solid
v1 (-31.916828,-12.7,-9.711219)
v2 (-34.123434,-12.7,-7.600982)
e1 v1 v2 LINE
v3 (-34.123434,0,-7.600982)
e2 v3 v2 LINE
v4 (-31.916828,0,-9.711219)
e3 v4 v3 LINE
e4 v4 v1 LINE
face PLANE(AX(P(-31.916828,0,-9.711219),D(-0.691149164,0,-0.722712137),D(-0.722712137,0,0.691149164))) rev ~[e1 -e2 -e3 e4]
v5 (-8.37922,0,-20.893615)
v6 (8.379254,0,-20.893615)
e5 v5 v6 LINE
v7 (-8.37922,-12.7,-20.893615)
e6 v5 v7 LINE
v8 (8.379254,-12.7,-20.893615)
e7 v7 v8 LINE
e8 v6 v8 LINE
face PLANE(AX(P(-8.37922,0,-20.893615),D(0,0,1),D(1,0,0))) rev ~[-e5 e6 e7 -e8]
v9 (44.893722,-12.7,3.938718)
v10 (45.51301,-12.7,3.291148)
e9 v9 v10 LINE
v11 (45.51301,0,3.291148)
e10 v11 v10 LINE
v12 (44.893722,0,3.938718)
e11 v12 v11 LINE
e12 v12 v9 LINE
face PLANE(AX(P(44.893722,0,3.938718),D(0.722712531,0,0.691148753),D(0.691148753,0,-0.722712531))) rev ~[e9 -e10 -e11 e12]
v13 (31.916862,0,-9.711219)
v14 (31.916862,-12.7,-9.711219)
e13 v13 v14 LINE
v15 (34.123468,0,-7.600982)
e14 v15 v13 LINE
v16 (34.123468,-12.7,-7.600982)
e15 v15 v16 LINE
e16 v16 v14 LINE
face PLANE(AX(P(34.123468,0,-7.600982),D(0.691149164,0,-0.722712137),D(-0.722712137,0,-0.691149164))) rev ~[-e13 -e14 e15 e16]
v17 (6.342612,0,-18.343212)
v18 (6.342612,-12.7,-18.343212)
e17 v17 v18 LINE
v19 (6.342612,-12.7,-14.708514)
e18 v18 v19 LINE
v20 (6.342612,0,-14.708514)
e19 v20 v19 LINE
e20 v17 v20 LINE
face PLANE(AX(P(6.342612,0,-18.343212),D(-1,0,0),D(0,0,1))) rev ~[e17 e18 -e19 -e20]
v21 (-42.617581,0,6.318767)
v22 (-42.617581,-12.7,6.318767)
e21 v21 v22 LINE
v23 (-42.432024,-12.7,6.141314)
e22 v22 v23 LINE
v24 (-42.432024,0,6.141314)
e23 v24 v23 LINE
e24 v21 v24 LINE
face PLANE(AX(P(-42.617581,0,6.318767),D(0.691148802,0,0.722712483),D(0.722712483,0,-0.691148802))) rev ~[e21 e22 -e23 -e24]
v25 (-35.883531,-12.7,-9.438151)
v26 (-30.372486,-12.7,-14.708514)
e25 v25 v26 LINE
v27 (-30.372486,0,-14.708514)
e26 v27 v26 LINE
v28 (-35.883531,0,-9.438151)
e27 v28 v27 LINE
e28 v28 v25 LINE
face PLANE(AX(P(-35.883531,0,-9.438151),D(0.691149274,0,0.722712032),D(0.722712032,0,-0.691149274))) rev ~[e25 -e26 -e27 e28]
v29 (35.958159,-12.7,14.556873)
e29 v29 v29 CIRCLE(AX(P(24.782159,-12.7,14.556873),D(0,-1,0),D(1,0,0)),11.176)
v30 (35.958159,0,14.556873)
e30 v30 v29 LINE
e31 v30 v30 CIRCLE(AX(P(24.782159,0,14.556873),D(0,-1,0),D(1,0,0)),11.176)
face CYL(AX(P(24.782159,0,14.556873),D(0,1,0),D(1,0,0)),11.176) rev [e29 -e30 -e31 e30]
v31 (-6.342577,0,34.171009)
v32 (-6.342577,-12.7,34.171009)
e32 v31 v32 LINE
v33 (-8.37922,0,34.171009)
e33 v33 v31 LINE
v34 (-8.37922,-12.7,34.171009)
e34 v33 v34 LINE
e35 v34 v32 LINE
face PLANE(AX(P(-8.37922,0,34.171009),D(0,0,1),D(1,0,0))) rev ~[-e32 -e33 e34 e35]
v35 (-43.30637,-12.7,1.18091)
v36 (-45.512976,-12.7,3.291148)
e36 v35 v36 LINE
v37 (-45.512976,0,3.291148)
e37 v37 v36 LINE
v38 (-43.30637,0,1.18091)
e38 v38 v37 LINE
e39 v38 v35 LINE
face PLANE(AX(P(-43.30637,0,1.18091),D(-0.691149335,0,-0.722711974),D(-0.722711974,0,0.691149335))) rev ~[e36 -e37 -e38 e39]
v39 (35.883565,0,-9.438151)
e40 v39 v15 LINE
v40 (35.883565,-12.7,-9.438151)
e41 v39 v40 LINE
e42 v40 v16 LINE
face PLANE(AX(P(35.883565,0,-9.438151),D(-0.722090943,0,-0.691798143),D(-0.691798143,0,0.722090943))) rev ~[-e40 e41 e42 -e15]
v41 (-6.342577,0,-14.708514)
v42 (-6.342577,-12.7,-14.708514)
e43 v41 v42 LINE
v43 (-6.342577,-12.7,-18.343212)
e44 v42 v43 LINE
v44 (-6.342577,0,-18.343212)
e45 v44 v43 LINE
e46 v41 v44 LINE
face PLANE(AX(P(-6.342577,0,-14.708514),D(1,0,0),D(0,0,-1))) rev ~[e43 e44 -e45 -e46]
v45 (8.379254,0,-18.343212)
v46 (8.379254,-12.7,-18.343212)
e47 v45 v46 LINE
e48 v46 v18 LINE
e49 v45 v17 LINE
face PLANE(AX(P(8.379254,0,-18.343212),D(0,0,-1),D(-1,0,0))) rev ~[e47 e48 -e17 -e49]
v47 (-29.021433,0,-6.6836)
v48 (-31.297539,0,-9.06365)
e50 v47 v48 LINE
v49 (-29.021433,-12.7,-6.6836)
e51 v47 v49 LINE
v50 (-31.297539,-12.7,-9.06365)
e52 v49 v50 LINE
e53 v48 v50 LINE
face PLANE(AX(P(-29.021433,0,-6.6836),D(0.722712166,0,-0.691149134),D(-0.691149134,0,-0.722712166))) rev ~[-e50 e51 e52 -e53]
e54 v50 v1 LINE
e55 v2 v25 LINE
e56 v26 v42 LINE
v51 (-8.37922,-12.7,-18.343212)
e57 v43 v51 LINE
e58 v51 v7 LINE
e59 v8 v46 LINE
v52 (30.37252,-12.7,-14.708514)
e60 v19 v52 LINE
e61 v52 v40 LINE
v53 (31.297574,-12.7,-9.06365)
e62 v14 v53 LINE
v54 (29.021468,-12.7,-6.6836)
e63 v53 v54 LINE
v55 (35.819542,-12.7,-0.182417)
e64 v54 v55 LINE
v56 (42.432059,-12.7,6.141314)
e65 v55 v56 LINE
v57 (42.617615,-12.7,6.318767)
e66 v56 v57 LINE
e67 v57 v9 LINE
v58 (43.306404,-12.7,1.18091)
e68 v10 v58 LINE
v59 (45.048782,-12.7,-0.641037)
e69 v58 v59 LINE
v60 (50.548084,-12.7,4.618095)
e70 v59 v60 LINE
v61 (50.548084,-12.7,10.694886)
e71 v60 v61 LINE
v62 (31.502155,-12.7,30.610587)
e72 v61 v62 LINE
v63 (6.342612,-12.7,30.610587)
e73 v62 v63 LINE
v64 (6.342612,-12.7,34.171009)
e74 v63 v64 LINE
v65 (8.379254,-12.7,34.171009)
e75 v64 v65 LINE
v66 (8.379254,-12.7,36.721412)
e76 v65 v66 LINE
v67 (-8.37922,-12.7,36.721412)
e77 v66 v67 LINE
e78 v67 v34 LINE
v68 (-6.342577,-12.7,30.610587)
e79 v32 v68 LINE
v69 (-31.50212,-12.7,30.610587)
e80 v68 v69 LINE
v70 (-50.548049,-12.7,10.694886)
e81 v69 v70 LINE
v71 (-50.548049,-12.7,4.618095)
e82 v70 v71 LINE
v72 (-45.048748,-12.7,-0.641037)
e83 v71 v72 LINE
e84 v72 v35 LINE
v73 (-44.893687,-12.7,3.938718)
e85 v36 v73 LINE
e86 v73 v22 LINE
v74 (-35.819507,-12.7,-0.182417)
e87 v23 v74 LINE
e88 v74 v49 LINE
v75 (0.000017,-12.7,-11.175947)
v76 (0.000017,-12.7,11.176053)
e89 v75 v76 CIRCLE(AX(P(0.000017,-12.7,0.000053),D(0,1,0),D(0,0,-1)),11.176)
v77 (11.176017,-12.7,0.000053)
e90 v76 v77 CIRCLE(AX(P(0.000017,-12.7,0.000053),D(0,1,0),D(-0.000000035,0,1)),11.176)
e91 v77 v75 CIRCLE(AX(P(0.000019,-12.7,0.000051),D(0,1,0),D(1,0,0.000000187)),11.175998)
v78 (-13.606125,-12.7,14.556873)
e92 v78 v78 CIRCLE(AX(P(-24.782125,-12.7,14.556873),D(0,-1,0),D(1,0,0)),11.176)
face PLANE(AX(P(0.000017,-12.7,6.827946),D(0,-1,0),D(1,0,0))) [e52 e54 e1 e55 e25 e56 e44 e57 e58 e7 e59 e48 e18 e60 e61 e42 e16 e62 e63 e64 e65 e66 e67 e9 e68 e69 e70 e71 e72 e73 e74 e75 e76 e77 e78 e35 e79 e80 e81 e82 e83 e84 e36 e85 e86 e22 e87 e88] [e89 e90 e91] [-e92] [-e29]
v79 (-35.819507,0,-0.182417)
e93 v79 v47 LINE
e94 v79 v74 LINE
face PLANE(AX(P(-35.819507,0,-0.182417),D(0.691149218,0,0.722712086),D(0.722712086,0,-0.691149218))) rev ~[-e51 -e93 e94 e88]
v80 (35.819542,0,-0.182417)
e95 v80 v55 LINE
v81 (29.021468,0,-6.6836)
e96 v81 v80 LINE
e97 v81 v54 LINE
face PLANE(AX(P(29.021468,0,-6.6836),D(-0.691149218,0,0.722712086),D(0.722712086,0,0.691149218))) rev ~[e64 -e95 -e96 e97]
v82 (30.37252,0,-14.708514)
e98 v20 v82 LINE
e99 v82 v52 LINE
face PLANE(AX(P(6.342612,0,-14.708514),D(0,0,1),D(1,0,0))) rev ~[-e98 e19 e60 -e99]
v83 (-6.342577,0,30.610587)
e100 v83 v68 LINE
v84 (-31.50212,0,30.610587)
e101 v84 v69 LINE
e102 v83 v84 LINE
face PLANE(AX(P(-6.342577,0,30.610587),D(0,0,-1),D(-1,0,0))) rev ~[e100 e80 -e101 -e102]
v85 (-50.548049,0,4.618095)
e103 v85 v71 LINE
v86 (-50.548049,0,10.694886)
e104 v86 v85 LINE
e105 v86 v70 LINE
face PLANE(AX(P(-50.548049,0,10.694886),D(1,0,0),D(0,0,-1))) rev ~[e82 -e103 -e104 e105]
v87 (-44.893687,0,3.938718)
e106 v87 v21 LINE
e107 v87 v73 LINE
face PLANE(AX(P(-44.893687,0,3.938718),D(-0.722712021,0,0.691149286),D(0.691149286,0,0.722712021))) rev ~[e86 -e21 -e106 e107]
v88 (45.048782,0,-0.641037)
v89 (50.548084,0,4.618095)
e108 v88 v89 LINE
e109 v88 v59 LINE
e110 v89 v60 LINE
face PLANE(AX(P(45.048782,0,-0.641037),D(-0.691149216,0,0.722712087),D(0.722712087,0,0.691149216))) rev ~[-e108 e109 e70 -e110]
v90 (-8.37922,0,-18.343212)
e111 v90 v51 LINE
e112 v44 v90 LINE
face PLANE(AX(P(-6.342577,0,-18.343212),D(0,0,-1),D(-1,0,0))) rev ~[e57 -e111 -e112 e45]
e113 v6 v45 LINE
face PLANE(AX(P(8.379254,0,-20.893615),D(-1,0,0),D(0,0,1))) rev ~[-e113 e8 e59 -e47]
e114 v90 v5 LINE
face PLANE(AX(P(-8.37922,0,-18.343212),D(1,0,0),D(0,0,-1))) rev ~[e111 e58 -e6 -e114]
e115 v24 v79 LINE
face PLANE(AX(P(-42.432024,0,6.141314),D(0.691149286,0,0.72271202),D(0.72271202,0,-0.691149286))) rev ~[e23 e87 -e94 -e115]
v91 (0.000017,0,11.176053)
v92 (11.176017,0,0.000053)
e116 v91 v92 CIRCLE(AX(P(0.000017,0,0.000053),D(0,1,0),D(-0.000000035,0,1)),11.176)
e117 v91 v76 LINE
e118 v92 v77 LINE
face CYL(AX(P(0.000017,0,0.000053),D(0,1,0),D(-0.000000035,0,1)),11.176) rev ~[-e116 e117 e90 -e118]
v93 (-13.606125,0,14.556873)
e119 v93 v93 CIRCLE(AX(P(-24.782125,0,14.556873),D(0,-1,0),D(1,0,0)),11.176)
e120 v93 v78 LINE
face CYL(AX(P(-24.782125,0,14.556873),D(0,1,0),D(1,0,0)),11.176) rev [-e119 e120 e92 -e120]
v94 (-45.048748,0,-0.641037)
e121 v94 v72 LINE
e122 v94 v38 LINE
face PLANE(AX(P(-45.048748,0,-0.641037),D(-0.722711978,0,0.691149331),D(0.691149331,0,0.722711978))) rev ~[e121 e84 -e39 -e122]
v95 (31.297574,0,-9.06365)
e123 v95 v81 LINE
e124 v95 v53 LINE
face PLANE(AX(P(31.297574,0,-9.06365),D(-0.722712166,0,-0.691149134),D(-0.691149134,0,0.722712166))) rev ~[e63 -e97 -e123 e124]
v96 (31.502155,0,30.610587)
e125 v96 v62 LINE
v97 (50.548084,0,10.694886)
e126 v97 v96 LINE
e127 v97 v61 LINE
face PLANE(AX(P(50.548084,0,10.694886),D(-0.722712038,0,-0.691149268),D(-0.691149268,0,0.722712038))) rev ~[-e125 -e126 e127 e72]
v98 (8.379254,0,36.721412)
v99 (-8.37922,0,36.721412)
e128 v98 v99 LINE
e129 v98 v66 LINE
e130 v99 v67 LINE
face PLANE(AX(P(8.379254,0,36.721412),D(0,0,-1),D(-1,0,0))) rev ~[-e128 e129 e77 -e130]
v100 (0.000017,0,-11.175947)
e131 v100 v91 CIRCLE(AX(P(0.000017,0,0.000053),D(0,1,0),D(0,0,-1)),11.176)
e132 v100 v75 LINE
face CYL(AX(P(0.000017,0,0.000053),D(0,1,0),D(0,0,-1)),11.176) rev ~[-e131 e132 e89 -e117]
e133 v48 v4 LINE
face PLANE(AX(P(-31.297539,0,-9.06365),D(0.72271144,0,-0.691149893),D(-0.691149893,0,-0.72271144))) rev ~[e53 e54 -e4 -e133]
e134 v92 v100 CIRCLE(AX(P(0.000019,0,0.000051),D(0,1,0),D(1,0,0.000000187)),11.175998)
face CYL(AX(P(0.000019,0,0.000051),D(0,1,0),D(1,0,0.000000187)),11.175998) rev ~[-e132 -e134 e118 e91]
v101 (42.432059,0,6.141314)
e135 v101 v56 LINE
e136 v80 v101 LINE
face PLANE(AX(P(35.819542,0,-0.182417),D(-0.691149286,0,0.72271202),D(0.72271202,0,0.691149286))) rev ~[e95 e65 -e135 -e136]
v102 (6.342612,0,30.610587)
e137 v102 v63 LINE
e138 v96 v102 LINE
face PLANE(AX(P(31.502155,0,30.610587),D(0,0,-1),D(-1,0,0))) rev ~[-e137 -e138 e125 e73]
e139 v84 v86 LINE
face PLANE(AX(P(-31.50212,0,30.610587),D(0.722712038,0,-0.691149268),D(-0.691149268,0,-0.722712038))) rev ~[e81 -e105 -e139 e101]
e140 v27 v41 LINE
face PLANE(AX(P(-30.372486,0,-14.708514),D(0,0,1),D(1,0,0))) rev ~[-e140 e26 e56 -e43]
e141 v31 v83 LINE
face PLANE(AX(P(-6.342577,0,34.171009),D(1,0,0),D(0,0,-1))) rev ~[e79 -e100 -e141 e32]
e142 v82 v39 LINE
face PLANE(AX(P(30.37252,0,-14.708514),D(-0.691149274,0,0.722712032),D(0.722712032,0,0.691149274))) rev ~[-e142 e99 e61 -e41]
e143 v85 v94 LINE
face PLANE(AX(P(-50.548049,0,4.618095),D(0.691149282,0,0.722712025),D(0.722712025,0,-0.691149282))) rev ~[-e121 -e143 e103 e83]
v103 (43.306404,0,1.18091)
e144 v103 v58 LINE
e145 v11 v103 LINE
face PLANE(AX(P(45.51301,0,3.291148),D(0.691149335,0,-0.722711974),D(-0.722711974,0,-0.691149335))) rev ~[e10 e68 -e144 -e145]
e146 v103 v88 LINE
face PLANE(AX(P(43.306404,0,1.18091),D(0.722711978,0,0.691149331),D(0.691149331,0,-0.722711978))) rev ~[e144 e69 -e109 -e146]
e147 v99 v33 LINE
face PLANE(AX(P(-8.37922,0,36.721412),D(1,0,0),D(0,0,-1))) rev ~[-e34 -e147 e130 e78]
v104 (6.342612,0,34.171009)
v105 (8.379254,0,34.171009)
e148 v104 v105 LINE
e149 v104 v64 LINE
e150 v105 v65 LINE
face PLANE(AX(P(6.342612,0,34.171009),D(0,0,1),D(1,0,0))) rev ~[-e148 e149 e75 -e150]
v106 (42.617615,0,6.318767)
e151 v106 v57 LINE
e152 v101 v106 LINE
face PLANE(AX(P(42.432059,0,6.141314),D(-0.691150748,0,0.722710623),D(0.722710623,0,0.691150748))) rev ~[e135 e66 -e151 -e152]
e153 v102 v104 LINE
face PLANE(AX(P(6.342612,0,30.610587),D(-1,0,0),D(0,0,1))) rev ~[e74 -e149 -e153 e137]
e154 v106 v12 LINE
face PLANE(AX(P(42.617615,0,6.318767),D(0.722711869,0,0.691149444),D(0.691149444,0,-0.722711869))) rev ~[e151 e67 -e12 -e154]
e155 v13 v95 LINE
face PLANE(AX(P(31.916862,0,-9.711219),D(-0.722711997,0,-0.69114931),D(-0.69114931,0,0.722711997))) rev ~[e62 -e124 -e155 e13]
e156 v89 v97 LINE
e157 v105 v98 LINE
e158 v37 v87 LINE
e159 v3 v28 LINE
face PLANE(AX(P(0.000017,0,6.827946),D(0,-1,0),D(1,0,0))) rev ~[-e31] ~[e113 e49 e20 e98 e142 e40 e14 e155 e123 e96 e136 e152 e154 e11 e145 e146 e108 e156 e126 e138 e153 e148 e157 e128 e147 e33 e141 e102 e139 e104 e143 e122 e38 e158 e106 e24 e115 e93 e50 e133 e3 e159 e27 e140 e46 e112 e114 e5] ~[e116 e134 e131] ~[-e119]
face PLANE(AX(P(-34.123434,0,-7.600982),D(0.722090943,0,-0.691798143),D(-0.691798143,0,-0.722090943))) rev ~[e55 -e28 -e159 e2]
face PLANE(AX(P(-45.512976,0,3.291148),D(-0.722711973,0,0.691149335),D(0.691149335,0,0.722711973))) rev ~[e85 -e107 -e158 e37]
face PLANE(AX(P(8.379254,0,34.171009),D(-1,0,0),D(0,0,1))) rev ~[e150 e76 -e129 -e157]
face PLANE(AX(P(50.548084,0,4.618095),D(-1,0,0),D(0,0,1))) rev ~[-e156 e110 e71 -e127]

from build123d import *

# Parameters (mm, degrees)
F0_R     = 11.176
F1_DEPTH = 12.7


with BuildPart() as f1:
    # F0 (on Front) → F1 (new body)
    with BuildSketch(Plane.XZ):
        Polygon((1.7e-05, 36.721412), (-8.37922, 36.721412), (-8.37922, 34.171009), (-6.342577, 34.171009), (-6.342577, 33.589403), (-6.342577, 30.610587), (-31.50212, 30.610587), (-50.548049, 10.694886), (-50.548049, 4.618095), (-45.048748, -0.641037), (-43.30637, 1.18091), (-45.512976, 3.291148), (-44.893687, 3.938718), (-42.617581, 6.318767), (-42.432024, 6.141314), (-35.819507, -0.182417), (-29.021433, -6.6836), (-31.297539, -9.06365), (-31.916828, -9.711219), (-34.123434, -7.600982), (-35.883531, -9.438151), (-30.372486, -14.708514), (-6.342577, -14.708514), (-6.342577, -14.78279), (-6.342577, -17.761606), (-6.342577, -18.343212), (-8.37922, -18.343212), (-8.37922, -20.893615), (1.7e-05, -20.893615), (8.379254, -20.893615), (8.379254, -18.343212), (6.342612, -18.343212), (6.342612, -17.761606), (6.342612, -14.78279), (6.342612, -14.708514), (30.37252, -14.708514), (35.883565, -9.438151), (34.123468, -7.600982), (31.916862, -9.711219), (31.297574, -9.06365), (29.021468, -6.6836), (35.819542, -0.182417), (42.432059, 6.141314), (42.617615, 6.318767), (44.893722, 3.938718), (45.51301, 3.291148), (43.306404, 1.18091), (45.048782, -0.641037), (50.548084, 4.618095), (50.548084, 10.694886), (31.502155, 30.610587), (6.342612, 30.610587), (6.342612, 33.589403), (6.342612, 34.171009), (8.379254, 34.171009), (8.379254, 36.721412), align=None)
        with BuildLine():
            ThreePointArc((1.7e-05, -11.175947), (-11.175983, 5.3e-05), (1.7e-05, 11.176053))
            ThreePointArc((1.7e-05, 11.176053), (7.902643, 7.902678), (11.176017, 5.3e-05))
            ThreePointArc((11.176017, 5.3e-05), (7.902643, -7.902573), (1.7e-05, -11.175947))
        make_face(mode=Mode.SUBTRACT)
        with Locations((-24.782125, 14.556873)):
            Circle(F0_R, mode=Mode.SUBTRACT)
        with Locations((24.782159, 14.556873)):
            Circle(F0_R, mode=Mode.SUBTRACT)
    extrude(amount=F1_DEPTH)


solid = f1.part
